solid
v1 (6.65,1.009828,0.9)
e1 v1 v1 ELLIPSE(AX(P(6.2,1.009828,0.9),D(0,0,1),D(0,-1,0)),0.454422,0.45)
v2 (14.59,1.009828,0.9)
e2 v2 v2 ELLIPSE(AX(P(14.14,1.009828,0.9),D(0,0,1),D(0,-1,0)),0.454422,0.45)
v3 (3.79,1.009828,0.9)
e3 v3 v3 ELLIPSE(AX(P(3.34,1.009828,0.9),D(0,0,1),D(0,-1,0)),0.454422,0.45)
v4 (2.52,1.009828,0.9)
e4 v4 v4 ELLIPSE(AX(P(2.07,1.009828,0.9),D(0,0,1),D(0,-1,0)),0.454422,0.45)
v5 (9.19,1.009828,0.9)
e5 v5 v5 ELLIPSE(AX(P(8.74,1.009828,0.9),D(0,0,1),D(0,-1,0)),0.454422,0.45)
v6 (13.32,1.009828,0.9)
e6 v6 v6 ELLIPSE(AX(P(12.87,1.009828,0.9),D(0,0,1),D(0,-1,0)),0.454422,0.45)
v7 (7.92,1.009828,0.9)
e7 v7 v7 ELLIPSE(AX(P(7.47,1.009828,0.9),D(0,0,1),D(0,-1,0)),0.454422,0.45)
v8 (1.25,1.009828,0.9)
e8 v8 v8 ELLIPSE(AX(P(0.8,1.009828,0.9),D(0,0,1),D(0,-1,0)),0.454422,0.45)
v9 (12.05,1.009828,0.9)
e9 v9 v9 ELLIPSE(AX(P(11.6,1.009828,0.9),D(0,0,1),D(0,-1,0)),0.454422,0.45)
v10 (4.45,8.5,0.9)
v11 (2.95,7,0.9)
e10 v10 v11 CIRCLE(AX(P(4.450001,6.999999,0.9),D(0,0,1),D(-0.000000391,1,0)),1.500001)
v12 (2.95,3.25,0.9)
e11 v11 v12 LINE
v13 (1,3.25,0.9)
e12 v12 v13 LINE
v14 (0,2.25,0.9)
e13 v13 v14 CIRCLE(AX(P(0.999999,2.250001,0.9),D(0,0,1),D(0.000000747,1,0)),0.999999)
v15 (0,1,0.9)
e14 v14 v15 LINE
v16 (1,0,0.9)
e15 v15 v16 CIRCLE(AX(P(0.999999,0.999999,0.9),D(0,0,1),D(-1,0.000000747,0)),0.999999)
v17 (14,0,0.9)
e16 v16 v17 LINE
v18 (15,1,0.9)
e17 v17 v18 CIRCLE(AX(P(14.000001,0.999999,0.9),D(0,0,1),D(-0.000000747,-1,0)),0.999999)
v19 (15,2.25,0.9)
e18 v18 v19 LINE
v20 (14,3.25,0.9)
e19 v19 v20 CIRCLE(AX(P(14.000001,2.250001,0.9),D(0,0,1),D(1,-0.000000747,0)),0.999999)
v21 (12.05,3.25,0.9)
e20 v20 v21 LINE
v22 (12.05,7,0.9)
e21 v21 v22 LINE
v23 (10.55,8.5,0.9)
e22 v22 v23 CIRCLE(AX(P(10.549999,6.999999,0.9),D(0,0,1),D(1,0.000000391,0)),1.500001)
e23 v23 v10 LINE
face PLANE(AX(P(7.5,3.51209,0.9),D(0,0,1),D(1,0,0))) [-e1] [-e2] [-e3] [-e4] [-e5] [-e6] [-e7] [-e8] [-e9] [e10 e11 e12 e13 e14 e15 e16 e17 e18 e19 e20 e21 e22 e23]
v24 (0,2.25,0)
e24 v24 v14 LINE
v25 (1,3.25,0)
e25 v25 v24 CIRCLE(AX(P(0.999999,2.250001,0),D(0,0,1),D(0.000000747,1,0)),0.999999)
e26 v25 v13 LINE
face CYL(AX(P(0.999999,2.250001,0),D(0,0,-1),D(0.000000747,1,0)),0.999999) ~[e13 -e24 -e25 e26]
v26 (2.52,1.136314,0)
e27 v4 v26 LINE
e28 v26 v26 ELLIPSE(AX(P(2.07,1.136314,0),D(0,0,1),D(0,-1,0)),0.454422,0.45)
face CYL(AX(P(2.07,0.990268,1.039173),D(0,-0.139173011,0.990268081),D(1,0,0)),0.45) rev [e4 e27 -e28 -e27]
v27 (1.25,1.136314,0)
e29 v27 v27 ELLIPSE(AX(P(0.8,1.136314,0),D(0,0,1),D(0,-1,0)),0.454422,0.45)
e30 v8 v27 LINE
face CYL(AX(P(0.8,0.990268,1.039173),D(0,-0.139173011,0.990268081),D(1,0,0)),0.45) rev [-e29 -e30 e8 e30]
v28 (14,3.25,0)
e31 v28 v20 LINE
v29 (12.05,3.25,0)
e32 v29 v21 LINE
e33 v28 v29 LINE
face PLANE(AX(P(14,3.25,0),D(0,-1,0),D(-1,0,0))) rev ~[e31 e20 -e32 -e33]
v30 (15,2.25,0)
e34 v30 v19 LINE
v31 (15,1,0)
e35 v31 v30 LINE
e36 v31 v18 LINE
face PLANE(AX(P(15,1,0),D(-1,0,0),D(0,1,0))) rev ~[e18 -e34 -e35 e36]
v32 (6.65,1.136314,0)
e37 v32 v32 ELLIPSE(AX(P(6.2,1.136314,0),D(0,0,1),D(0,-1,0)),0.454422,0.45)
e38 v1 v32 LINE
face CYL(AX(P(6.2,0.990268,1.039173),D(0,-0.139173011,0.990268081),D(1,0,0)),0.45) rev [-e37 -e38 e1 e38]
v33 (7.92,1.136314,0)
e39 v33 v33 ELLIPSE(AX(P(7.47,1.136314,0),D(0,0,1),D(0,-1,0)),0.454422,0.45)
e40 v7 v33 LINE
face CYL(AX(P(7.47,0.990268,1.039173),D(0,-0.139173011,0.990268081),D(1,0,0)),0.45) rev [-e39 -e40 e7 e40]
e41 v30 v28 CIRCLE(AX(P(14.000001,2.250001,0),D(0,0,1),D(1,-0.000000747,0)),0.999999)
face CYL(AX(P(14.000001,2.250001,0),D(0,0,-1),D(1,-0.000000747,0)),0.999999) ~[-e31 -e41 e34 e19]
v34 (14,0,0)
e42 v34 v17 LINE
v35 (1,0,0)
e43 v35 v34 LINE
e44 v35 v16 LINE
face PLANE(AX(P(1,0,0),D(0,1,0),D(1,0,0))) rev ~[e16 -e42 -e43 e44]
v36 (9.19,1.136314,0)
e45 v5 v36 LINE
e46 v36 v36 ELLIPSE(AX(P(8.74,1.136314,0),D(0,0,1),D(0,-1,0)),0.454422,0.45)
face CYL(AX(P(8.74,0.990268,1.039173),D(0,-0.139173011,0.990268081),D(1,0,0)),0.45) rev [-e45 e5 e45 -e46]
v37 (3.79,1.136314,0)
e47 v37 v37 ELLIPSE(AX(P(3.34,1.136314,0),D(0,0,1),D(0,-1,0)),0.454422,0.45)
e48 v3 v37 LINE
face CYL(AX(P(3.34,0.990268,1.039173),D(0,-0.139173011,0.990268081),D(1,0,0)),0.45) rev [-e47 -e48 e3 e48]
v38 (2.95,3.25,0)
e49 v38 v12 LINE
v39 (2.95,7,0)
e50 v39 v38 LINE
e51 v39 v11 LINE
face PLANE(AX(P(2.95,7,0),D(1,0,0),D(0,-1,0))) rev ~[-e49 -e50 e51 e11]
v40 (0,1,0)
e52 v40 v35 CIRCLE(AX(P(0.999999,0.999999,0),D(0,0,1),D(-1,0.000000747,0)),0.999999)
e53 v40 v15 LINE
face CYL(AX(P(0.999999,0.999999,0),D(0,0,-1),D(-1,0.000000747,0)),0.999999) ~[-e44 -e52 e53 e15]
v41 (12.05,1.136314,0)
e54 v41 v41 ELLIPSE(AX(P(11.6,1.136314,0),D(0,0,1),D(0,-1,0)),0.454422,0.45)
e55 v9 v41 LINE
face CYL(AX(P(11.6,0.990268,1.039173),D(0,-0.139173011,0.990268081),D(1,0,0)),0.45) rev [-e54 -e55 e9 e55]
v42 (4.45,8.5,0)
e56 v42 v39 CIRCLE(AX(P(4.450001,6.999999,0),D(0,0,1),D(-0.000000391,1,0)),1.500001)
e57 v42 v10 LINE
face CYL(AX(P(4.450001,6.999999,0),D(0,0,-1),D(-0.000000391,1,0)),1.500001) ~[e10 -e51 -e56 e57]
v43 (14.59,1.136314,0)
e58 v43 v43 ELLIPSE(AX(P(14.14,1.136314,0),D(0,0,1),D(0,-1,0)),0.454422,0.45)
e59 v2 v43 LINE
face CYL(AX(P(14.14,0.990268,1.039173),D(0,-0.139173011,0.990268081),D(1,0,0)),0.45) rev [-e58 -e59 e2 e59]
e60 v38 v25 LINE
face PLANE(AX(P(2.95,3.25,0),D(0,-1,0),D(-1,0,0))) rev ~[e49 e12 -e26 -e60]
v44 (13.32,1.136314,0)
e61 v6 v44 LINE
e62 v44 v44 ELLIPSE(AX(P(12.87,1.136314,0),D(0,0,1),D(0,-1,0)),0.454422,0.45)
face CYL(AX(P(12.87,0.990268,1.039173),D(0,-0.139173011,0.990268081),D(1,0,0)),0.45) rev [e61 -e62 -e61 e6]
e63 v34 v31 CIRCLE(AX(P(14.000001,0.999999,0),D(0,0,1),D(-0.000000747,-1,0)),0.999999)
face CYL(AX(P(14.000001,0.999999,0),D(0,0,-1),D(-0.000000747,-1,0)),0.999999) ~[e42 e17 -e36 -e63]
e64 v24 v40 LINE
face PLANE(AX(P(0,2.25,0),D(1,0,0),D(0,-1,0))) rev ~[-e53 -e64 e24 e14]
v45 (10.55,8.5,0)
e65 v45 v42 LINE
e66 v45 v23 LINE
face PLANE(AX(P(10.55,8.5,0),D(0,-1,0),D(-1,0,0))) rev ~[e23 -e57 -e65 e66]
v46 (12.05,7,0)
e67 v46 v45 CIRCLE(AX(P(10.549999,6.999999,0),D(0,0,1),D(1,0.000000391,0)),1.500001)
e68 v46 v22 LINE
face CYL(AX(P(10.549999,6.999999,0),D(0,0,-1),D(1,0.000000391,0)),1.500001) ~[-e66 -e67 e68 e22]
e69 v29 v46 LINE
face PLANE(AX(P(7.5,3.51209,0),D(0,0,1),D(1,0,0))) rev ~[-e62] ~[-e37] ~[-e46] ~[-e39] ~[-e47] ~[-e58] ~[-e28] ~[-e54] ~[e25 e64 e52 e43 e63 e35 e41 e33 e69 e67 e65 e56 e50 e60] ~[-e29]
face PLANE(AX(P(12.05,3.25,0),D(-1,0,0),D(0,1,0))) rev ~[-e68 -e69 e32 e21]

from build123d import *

# Parameters (mm, degrees)
F1_DEPTH = 0.9
F3_R     = 0.45
F4_DEPTH = 25


with BuildPart() as f1:
    # F0 (on Top) → F1 (new body)
    with BuildSketch(Plane.XY):
        with BuildLine():
            ThreePointArc((0, 1), (0.292893, 0.292893), (1, 0))
            Line((1, 0), (14, 0))
            ThreePointArc((14, 0), (14.707107, 0.292893), (15, 1))
            Line((15, 1), (15, 2.25))
            ThreePointArc((15, 2.25), (14.707107, 2.957107), (14, 3.25))
            Line((14, 3.25), (12.05, 3.25))
            Line((12.05, 3.25), (12.05, 7))
            ThreePointArc((12.05, 7), (11.61066, 8.06066), (10.55, 8.5))
            Line((10.55, 8.5), (4.45, 8.5))
            ThreePointArc((4.45, 8.5), (3.38934, 8.06066), (2.95, 7))
            Line((2.95, 7), (2.95, 3.25))
            Line((2.95, 3.25), (1, 3.25))
            ThreePointArc((1, 3.25), (0.292893, 2.957107), (0, 2.25))
            Line((0, 2.25), (0, 1))
        make_face()
    extrude(amount=F1_DEPTH)

    # F3 (on face) → F4 (cut)
    with BuildSketch(Plane(origin=(0, -0.124037, 0.882568), x_dir=(1, 0, 0), z_dir=(0, 0.139173, -0.990268))):
        with Locations((0.8, -1.125256)):
            Circle(F3_R)
        with Locations((2.07, -1.125256)):
            Circle(F3_R)
        with Locations((3.34, -1.125256)):
            Circle(F3_R)
        with Locations((6.2, -1.125256)):
            Circle(F3_R)
        with Locations((7.47, -1.125256)):
            Circle(F3_R)
        with Locations((8.74, -1.125256)):
            Circle(F3_R)
        with Locations((11.6, -1.125256)):
            Circle(F3_R)
        with Locations((12.87, -1.125256)):
            Circle(F3_R)
        with Locations((14.14, -1.125256)):
            Circle(F3_R)
    extrude(amount=F4_DEPTH, mode=Mode.SUBTRACT)


solid = f1.part
